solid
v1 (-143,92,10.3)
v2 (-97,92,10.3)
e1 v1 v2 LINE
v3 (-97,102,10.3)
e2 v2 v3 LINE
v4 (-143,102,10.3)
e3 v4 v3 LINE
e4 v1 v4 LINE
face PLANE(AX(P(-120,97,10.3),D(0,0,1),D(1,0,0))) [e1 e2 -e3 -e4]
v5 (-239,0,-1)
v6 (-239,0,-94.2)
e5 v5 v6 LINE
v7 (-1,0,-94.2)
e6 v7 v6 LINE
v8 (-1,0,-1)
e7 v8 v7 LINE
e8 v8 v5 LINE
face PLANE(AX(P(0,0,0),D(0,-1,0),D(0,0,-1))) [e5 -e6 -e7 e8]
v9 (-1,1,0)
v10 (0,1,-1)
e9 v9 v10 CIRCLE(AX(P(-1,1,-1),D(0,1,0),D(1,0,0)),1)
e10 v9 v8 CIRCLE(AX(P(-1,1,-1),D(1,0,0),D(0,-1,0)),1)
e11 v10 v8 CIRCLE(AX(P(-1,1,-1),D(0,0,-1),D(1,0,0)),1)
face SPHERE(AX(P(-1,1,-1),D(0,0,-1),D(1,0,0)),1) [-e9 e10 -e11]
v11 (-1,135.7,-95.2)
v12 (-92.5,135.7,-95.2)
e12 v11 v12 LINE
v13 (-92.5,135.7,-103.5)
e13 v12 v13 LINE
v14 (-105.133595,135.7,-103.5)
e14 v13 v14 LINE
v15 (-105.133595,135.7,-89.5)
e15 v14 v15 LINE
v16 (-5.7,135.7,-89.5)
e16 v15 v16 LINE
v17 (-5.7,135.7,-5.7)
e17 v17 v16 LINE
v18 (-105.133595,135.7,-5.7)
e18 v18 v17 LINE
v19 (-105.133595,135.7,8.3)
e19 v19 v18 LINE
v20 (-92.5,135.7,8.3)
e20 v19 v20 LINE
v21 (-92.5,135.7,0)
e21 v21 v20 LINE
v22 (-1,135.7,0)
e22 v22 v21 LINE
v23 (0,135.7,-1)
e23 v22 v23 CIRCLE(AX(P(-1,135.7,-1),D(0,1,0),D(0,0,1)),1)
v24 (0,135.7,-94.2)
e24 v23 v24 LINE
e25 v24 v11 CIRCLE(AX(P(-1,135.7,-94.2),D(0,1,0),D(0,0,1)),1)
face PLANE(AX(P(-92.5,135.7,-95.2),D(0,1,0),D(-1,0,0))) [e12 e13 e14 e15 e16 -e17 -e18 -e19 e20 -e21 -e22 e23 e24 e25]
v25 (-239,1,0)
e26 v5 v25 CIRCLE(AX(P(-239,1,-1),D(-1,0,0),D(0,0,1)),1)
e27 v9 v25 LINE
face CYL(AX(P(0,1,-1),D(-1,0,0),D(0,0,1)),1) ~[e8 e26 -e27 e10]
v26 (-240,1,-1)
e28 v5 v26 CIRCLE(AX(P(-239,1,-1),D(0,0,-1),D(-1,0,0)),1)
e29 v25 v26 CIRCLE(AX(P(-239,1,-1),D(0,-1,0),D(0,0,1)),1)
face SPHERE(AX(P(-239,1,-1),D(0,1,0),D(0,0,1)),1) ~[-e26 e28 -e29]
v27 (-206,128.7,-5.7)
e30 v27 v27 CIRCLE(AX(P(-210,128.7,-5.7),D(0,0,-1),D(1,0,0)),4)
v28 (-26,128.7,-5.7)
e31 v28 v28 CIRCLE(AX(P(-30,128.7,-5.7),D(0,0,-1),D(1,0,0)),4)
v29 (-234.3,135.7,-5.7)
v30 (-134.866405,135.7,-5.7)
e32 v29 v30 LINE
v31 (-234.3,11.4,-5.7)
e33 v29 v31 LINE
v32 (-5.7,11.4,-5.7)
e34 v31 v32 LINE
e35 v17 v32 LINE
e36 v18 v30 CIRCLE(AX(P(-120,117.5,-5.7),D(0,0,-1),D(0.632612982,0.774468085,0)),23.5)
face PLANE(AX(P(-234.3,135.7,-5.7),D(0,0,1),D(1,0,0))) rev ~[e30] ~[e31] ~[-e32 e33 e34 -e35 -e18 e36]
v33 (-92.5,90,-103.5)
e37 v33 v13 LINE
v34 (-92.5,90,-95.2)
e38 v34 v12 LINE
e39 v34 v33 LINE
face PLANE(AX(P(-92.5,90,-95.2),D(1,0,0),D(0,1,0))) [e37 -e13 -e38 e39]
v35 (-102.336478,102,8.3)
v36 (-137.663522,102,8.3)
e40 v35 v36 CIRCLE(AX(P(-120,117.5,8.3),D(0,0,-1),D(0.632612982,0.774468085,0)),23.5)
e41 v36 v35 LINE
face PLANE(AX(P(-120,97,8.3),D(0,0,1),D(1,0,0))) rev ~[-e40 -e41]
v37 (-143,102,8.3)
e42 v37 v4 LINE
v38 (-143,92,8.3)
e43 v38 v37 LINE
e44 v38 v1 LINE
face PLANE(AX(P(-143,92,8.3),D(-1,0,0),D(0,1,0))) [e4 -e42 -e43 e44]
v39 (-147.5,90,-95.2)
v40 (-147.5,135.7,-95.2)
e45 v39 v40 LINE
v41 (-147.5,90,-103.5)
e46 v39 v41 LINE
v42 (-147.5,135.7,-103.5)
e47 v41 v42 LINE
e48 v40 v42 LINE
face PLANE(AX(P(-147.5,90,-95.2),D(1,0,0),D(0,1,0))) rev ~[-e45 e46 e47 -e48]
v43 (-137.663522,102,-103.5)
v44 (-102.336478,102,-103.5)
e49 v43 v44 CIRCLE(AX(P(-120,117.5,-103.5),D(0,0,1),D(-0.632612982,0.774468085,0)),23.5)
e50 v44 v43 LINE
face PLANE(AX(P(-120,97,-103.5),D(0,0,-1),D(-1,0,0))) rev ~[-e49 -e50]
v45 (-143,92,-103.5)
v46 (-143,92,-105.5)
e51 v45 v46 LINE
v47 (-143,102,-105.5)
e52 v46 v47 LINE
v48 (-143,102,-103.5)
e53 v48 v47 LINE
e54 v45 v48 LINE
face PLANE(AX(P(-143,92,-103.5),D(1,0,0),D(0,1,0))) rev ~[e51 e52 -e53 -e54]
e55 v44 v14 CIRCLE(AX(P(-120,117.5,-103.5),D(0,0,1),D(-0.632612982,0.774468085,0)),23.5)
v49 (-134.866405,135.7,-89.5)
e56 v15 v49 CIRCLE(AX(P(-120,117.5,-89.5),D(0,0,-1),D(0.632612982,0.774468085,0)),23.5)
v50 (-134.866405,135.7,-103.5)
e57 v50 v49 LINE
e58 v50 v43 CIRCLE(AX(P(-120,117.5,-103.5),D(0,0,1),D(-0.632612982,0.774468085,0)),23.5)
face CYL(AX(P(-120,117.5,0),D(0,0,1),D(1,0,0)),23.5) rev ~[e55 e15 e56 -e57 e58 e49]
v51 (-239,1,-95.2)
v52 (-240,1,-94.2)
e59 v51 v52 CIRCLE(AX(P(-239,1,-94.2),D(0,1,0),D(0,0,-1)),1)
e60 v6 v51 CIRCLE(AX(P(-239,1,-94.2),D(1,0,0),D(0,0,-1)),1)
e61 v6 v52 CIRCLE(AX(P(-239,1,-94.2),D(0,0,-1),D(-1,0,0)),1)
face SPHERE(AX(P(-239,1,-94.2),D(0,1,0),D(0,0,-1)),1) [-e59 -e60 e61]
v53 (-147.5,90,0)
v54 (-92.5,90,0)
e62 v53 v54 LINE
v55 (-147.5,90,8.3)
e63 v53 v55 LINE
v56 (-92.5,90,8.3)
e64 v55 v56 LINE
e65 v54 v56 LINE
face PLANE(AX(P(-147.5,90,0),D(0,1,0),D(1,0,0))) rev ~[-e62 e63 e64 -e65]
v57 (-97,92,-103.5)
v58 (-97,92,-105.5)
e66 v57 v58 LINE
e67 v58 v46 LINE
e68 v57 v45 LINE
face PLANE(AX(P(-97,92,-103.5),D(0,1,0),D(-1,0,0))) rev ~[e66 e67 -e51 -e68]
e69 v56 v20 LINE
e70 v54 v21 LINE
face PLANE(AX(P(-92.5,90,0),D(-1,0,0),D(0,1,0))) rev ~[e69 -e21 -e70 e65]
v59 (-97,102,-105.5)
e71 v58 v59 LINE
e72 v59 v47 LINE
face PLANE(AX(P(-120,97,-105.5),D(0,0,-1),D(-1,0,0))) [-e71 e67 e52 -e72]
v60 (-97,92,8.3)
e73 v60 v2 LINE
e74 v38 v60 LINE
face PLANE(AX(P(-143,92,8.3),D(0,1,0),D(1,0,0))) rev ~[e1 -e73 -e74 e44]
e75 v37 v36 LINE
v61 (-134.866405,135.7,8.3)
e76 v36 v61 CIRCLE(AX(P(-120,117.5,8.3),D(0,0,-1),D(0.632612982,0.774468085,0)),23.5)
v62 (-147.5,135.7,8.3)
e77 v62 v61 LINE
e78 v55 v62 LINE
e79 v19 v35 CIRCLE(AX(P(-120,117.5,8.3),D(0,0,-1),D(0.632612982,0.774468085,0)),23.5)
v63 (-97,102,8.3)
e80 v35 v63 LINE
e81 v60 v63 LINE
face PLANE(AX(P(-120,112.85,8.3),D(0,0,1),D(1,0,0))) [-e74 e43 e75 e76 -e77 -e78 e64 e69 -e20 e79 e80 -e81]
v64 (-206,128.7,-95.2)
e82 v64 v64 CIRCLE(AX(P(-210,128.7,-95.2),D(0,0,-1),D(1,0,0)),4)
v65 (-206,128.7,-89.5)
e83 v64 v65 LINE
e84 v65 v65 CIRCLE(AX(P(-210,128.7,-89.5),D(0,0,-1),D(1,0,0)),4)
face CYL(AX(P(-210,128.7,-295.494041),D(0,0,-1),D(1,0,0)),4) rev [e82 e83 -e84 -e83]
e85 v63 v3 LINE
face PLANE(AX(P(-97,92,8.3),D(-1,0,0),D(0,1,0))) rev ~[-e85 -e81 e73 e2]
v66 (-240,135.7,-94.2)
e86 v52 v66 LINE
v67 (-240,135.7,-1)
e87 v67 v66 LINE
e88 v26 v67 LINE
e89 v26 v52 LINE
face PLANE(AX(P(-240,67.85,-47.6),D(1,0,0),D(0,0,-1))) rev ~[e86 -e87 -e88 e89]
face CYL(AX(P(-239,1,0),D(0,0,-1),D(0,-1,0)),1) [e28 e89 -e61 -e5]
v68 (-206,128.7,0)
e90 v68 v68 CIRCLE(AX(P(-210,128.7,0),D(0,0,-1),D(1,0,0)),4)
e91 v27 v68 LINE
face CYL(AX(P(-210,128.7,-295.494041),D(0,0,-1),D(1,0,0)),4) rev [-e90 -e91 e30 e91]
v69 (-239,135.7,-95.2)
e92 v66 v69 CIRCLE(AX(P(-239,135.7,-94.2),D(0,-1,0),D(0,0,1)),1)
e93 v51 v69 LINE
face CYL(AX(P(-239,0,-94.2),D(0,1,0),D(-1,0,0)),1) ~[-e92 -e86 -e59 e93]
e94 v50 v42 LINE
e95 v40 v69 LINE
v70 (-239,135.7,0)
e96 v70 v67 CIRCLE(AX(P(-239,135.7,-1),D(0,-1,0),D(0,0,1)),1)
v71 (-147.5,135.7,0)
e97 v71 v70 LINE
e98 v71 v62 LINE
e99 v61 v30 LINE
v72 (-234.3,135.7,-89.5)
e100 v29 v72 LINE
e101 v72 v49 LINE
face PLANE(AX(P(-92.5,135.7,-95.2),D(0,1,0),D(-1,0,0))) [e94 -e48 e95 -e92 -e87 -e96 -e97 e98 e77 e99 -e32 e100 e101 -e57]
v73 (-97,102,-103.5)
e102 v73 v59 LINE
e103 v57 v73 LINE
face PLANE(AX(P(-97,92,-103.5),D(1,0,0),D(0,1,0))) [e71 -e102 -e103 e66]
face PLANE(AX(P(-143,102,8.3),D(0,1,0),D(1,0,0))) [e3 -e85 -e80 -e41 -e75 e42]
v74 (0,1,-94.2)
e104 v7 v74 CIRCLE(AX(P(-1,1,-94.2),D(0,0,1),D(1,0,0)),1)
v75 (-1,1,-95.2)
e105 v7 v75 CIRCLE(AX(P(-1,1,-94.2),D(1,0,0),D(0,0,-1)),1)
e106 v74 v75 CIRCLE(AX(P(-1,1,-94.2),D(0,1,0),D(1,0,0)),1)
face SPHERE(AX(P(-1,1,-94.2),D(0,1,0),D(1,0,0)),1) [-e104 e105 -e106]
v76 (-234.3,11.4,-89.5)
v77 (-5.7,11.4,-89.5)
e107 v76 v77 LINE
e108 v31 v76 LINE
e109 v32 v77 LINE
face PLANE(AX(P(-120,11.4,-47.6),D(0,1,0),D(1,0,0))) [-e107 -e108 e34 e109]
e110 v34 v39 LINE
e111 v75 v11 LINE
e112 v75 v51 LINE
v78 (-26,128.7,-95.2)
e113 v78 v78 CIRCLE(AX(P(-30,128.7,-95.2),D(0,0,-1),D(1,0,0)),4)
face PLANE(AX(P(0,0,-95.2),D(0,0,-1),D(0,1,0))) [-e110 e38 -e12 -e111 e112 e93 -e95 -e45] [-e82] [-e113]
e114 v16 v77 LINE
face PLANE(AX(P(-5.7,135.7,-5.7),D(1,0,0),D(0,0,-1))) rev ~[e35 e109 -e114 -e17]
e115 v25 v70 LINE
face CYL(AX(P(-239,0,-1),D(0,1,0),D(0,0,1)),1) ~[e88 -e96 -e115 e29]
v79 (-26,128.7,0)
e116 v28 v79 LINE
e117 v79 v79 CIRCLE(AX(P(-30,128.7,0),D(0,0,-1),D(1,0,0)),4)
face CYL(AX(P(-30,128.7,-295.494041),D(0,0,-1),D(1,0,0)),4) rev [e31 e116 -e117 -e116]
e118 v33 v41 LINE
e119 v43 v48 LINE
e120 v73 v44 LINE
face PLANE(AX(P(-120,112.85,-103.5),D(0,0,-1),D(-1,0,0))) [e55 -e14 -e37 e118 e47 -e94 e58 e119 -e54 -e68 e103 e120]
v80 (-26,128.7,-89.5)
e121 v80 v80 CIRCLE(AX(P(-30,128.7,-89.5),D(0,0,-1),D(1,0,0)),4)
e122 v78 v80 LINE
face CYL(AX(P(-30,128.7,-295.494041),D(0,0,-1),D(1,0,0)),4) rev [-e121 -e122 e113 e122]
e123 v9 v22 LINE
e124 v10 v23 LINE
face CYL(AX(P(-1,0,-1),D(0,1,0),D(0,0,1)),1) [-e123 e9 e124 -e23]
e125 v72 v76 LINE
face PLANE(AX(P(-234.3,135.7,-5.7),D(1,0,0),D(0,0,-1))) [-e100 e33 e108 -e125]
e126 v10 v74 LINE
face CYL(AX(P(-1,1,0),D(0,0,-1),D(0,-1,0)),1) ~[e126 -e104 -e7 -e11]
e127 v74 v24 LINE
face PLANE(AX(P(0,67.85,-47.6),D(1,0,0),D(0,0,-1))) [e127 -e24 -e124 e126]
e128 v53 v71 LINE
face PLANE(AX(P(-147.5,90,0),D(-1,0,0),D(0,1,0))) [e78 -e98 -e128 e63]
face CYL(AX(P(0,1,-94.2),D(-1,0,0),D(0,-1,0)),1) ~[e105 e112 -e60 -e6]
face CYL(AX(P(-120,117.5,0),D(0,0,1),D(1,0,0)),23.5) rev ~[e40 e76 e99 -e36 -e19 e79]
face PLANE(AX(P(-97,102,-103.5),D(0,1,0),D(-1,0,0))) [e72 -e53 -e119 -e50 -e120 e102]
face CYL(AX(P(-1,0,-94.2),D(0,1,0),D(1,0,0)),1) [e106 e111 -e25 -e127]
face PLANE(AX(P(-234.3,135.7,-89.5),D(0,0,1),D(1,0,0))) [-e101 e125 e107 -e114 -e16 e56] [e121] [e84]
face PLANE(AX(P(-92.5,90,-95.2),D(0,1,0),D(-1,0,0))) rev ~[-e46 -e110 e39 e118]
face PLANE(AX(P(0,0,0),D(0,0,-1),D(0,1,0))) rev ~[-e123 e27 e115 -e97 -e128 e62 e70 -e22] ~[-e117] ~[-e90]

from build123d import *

# Parameters (mm, degrees)
SKETCH1_W               = 95.2
SKETCH1_H               = 135.7
BOSS_EXTRUDE1_DEPTH     = 240
SKETCH3_W               = 228.6
SKETCH3_H               = 83.8
CUT_EXTRUDE1_DEPTH      = 124.3
FILLET1_R               = 1
SKETCH6_R               = 23.5
CUT_EXTRUDE2_DEPTH      = 140
SKETCH7_W               = 55
SKETCH7_H               = 45.7
BOSS_EXTRUDE2_DEPTH     = 8.3
SKETCH8_R               = 23.5
CUT_EXTRUDE3_DEPTH      = 295.494040687
SKETCH9_W               = 55
SKETCH9_H               = 45.7
BOSS_EXTRUDE3_DEPTH     = 8.3
SKETCH10_R              = 23.5
CUT_EXTRUDE4_DEPTH      = 298.512571163
CUT_EXTRUDE5_DEPTH      = 295.494040687
CUT_EXTRUDE5_DEPTH_BACK = 295.494040687
SKETCH11_R              = 4
SKETCH12_W              = 46
SKETCH12_H              = 10
BOSS_EXTRUDE4_DEPTH     = 2
SKETCH13_W              = 46
SKETCH13_H              = 10
BOSS_EXTRUDE5_DEPTH     = 2


with BuildPart() as part:
    # Sketch1 → Boss-Extrude1 (new body)
    with BuildSketch(Plane(origin=(0, 0, 0), x_dir=(0, 0, -1), z_dir=(1, 0, 0))):
        with Locations((47.6, 67.85)):
            Rectangle(SKETCH1_W, SKETCH1_H)
    extrude(amount=-BOSS_EXTRUDE1_DEPTH)

    # Sketch3 → Cut-Extrude1 (cut)
    with BuildSketch(Plane(origin=(0, 135.7, 0), x_dir=(1, 0, 0), z_dir=(0, 1, 0))):
        with Locations((-120, 47.6)):
            Rectangle(SKETCH3_W, SKETCH3_H)
    extrude(amount=-CUT_EXTRUDE1_DEPTH, mode=Mode.SUBTRACT)

    # Fillet1
    fillet1_edges = [part.edges().sort_by_distance(p)[0] for p in [
        (-240, 67.85, -95.2),
        (-240, 67.85, 0),
        (0, 67.85, -95.2),
        (0, 0, -47.6),
        (0, 67.85, 0),
        (-120, 0, -95.2),
        (-120, 0, 0),
        (-240, 0, -47.6),
    ]]
    fillet(fillet1_edges, radius=FILLET1_R)

    # Sketch6 → Cut-Extrude2 (cut)
    with BuildSketch(Plane.XY):
        with Locations((-120, 117.5)):
            Circle(SKETCH6_R)
    extrude(amount=-CUT_EXTRUDE2_DEPTH, mode=Mode.SUBTRACT)

    # Sketch7 → Boss-Extrude2 (add)
    with BuildSketch(Plane.XY):
        with Locations((-120, 112.85)):
            Rectangle(SKETCH7_W, SKETCH7_H)
    extrude(amount=BOSS_EXTRUDE2_DEPTH)

    # Sketch8 → Cut-Extrude3 (cut, through all)
    with BuildSketch(Plane(origin=(0, 0, -95.2), x_dir=(-1, 0, 0), z_dir=(0, 0, -1))):
        with Locations((120, 117.5)):
            Circle(SKETCH8_R)
    extrude(amount=-CUT_EXTRUDE3_DEPTH, mode=Mode.SUBTRACT)

    # Sketch9 → Boss-Extrude3 (add)
    with BuildSketch(Plane(origin=(0, 0, -95.2), x_dir=(-1, 0, 0), z_dir=(0, 0, -1))):
        with Locations((120, 112.85)):
            Rectangle(SKETCH9_W, SKETCH9_H)
    extrude(amount=BOSS_EXTRUDE3_DEPTH)

    # Sketch10 → Cut-Extrude4 (cut, through all)
    with BuildSketch(Plane.XY.offset(8.3)):
        with Locations((-120, 117.5)):
            Circle(SKETCH10_R)
    extrude(amount=-CUT_EXTRUDE4_DEPTH, mode=Mode.SUBTRACT)

    # Sketch11 → Cut-Extrude5 (cut, two sides: drawn at the far end of the back side and taken through both)
    with BuildSketch(Plane.XY.offset(-CUT_EXTRUDE5_DEPTH_BACK)):
        with Locations((-30, 128.7)):
            Circle(SKETCH11_R)
        with Locations((-210, 128.7)):
            Circle(SKETCH11_R)
    extrude(amount=CUT_EXTRUDE5_DEPTH + CUT_EXTRUDE5_DEPTH_BACK, mode=Mode.SUBTRACT)

    # Sketch12 → Boss-Extrude4 (add)
    with BuildSketch(Plane.XY.offset(8.3)):
        with Locations((-120, 97)):
            Rectangle(SKETCH12_W, SKETCH12_H)
    extrude(amount=BOSS_EXTRUDE4_DEPTH)

    # Sketch13 → Boss-Extrude5 (add)
    with BuildSketch(Plane(origin=(0, 0, -103.5), x_dir=(-1, 0, 0), z_dir=(0, 0, -1))):
        with Locations((120, 97)):
            Rectangle(SKETCH13_W, SKETCH13_H)
    extrude(amount=BOSS_EXTRUDE5_DEPTH)


solid = part.part
